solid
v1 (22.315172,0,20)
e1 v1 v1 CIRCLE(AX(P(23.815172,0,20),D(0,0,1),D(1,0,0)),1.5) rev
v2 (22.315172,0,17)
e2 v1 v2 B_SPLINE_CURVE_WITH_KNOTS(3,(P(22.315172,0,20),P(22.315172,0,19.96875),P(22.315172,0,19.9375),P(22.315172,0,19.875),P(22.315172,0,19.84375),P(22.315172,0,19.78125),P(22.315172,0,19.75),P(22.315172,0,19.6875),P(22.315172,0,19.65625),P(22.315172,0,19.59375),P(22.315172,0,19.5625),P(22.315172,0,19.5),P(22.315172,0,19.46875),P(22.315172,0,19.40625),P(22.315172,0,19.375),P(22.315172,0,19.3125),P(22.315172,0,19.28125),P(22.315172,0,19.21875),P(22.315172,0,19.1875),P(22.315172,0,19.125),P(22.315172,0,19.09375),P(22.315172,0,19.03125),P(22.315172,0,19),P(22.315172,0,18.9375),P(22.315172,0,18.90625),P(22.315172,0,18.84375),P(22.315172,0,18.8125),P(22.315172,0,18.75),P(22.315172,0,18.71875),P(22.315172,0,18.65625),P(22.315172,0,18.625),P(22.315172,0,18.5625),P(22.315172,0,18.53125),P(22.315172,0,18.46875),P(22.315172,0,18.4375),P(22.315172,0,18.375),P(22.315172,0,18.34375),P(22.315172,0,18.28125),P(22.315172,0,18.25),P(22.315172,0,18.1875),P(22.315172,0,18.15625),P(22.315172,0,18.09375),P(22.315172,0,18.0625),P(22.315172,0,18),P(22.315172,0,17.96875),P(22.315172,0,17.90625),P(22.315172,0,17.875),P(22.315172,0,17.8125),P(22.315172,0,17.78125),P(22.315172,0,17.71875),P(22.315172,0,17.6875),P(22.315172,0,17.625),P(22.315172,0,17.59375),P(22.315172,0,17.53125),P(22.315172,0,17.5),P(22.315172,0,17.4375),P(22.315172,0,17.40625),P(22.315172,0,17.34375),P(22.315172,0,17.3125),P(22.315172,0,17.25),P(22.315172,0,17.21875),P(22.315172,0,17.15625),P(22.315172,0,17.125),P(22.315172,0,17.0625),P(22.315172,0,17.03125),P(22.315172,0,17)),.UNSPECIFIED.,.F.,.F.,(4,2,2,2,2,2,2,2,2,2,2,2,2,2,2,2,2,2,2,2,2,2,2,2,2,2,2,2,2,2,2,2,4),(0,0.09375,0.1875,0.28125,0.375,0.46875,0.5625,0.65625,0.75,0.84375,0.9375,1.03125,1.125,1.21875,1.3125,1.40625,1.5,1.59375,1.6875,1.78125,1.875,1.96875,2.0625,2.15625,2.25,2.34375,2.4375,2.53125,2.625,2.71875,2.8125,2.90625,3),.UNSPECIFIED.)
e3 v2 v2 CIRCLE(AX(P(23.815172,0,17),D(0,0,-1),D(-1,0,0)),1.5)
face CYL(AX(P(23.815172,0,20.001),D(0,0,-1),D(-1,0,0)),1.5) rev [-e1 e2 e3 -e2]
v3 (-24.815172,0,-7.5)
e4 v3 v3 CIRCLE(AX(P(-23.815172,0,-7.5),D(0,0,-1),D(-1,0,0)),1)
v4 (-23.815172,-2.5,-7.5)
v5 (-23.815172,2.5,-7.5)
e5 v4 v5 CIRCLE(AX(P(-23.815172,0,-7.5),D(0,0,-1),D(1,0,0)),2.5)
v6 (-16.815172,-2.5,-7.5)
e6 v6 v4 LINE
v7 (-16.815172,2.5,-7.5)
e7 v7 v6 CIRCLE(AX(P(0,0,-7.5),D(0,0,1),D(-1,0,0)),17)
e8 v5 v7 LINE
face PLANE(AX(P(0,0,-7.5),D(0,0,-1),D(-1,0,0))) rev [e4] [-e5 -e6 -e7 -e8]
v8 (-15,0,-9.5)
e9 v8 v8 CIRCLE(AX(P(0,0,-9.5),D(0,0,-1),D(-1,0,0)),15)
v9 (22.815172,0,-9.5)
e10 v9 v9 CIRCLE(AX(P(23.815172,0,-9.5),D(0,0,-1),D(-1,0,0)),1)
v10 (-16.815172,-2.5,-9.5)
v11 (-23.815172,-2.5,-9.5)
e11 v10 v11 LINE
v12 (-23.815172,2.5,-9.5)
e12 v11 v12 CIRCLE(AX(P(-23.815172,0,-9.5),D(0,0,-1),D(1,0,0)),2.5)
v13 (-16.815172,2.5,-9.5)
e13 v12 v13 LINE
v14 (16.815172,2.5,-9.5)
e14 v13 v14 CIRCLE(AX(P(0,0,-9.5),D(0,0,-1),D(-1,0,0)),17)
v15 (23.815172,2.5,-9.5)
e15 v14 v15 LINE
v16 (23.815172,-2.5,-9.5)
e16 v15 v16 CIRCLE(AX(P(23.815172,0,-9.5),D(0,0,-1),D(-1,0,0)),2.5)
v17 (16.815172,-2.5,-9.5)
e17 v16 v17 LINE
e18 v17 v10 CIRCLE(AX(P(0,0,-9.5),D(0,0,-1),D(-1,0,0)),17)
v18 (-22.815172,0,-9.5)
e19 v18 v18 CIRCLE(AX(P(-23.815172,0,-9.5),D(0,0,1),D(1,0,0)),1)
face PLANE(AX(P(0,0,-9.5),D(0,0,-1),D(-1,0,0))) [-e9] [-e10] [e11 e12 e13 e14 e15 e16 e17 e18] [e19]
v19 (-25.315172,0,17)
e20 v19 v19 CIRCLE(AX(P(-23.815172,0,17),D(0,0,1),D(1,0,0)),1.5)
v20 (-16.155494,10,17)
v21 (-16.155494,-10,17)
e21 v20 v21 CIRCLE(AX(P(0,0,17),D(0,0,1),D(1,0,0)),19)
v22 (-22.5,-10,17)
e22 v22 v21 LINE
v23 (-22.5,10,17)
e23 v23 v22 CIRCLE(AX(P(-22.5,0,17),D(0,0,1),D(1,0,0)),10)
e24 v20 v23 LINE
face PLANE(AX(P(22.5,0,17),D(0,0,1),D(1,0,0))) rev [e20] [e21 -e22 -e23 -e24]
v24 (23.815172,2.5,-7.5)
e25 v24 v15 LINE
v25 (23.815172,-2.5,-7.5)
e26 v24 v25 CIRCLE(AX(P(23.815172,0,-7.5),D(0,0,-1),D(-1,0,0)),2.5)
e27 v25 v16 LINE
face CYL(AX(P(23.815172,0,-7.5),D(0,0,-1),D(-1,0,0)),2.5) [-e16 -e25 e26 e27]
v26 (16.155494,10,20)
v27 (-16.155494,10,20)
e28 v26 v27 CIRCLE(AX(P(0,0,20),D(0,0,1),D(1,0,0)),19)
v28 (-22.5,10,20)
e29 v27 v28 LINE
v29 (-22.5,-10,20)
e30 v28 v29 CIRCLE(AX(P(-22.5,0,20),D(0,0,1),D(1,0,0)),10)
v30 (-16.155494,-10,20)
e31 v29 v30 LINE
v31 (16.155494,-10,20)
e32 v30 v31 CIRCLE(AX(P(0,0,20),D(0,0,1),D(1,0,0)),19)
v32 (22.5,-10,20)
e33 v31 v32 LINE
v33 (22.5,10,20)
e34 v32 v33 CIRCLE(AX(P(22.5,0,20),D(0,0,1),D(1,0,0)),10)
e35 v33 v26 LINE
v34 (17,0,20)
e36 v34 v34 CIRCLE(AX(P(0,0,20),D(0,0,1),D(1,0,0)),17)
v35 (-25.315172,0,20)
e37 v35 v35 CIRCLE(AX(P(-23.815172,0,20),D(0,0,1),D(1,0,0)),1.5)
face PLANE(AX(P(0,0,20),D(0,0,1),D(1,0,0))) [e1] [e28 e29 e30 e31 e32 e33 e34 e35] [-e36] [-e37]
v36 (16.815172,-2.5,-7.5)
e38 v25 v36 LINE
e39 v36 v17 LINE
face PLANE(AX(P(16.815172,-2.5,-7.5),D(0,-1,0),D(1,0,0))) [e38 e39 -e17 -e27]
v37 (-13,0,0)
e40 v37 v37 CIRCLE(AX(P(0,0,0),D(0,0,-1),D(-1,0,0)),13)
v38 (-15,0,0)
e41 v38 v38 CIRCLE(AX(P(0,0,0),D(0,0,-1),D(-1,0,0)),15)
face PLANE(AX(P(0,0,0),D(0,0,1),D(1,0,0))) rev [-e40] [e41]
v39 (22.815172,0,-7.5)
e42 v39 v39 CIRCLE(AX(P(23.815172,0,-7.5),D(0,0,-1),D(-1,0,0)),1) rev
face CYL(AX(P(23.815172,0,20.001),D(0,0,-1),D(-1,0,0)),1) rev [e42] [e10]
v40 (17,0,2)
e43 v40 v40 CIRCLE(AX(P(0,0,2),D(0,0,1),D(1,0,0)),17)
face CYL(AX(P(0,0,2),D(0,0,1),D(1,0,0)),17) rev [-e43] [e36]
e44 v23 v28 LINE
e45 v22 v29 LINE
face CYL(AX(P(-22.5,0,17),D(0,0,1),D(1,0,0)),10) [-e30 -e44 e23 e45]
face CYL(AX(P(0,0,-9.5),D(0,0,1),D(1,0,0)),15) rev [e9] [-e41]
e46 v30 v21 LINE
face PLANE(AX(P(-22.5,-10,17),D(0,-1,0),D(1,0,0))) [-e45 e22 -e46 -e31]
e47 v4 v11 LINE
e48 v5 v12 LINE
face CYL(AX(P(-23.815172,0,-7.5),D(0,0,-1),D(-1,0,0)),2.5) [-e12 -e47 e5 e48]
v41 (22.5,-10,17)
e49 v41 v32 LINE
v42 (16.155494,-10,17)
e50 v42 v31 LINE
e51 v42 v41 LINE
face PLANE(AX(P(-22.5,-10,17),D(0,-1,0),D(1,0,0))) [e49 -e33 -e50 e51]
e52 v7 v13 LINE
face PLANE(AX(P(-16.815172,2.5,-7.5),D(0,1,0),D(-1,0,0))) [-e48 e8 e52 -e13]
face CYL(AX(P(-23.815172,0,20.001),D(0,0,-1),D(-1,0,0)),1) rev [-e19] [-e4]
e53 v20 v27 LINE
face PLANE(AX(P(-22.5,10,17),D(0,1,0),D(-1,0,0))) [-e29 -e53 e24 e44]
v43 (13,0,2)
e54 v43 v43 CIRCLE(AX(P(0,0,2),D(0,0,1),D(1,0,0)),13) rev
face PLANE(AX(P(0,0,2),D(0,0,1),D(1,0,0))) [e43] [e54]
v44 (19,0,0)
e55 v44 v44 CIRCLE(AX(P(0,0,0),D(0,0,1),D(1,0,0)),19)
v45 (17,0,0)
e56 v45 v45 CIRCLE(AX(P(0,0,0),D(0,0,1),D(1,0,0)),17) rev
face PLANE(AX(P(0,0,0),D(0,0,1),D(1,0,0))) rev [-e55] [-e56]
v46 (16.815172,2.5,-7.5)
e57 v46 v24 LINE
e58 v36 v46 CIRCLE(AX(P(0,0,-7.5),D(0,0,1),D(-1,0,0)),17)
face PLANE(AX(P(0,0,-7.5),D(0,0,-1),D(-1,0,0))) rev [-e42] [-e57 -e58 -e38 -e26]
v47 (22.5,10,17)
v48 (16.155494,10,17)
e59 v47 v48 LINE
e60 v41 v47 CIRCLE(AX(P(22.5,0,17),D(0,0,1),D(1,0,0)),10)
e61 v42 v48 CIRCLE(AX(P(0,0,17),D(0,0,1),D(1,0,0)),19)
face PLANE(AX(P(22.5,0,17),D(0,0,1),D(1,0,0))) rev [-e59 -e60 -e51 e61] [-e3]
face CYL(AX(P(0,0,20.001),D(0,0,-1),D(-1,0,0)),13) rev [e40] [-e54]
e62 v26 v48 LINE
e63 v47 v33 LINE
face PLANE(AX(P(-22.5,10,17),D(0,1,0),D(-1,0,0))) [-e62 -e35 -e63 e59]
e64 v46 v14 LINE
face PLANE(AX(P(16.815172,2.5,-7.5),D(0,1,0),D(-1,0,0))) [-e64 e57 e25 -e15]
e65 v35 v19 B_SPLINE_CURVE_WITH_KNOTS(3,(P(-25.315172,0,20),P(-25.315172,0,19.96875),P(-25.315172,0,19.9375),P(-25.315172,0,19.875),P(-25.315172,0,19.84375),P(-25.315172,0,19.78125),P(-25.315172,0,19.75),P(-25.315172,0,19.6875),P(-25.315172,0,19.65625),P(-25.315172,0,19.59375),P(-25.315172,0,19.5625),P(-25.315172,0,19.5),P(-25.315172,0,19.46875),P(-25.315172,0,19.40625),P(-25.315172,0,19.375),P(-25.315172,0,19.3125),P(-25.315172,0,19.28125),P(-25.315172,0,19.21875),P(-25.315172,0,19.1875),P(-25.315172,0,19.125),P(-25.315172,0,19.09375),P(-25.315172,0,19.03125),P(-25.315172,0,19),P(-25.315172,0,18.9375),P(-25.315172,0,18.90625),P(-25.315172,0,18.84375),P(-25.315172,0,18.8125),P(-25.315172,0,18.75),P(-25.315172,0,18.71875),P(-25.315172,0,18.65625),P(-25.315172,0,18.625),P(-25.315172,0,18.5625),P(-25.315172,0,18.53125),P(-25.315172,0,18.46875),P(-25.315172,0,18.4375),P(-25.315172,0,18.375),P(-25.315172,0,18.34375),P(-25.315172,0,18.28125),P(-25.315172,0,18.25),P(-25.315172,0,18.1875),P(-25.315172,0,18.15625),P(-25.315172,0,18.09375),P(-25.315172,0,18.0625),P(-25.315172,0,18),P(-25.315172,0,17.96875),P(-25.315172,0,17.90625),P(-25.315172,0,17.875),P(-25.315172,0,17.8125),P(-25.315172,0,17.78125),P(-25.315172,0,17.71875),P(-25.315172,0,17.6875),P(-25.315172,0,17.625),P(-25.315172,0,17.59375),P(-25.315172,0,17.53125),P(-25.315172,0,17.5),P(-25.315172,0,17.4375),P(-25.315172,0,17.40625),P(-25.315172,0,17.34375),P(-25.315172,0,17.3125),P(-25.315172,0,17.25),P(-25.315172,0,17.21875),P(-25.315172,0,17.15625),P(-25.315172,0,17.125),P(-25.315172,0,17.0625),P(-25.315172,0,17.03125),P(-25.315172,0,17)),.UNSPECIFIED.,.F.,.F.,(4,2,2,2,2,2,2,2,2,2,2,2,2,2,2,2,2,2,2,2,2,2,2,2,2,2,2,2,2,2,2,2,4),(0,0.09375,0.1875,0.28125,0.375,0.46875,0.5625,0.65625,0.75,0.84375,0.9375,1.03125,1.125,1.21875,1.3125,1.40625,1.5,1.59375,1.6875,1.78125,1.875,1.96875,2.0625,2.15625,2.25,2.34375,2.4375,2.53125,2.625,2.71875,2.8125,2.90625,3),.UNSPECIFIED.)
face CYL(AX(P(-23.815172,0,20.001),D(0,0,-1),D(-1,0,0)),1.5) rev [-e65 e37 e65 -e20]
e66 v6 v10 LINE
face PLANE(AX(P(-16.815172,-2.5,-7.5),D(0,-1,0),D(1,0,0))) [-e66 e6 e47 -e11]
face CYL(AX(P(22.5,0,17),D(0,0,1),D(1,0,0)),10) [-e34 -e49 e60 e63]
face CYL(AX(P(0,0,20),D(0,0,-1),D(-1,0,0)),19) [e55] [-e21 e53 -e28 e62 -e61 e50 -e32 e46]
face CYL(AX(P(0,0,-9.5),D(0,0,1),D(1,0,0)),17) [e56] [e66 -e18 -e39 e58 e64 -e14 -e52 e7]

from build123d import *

# Parameters (mm, degrees)
SKETCH_1_R          = 19
EXTRUDE_1_DEPTH     = 20
EXTRUDE_2_DEPTH     = 3
SKETCH_6_R          = 17
CUT_EXTRUDE_1_DEPTH = 18
SKETCH_7_R          = 17
SKETCH_7_R_2        = 15
EXTRUDE_3_DEPTH     = 9.5
CUT_EXTRUDE_2_REACH = 44.629
SKETCH_8_R          = 13
EXTRUDE_START       = -2
EXTRUDE_4_DEPTH     = 2
CUT_EXTRUDE_3_REACH = 49.828
SKETCH_14_R         = 1
CUT_EXTRUDE_4_REACH = 48.038
SKETCH_15_R         = 1.5


with BuildPart() as part:
    # 草图1 → 凸台-拉伸1 (new body)
    with BuildSketch(Plane.XY):
        Circle(SKETCH_1_R)
    extrude(amount=EXTRUDE_1_DEPTH)

    # 草图3 → 凸台-拉伸2 (add)
    with BuildSketch(Plane.XY.offset(20)):
        with BuildLine():
            Line((-22.5, 10), (22.5, 10))
            ThreePointArc((22.5, 10), (32.5, 0), (22.5, -10))
            Line((22.5, -10), (-22.5, -10))
            ThreePointArc((-22.5, -10), (-32.5, 0), (-22.5, 10))
        make_face()
    extrude(amount=-EXTRUDE_2_DEPTH)

    # 草图6 → 切除-拉伸1 (cut)
    with BuildSketch(Plane.XY.offset(20)):
        Circle(SKETCH_6_R)
    extrude(amount=-CUT_EXTRUDE_1_DEPTH, mode=Mode.SUBTRACT)

    # 草图7 → 凸台-拉伸3 (add)
    with BuildSketch(Plane(origin=(0, 0, 0), x_dir=(-1, 0, 0), z_dir=(0, 0, -1))):
        with Locations(Location((0, 0, 0), (0, 0, 180))):
            Circle(SKETCH_7_R)
        Circle(SKETCH_7_R_2, mode=Mode.SUBTRACT)
    extrude(amount=EXTRUDE_3_DEPTH)

    # 草图8 → 切除-拉伸2 (cut, up to next)
    with BuildSketch(Plane(origin=(0, 0, 0), x_dir=(-1, 0, 0), z_dir=(0, 0, -1)), mode=Mode.PRIVATE) as cut_extrude_2_sk1:
        Circle(SKETCH_8_R)
    cut_extrude_2_tool1 = extrude(cut_extrude_2_sk1.sketch, amount=-CUT_EXTRUDE_2_REACH, mode=Mode.PRIVATE) & part.part
    add(cut_extrude_2_tool1.solids().sort_by_distance((0, 0, 0))[0], mode=Mode.SUBTRACT)

    # 草图10 → 凸台-拉伸4 (add)
    with BuildSketch(Plane(origin=(0, 0, -9.5), x_dir=(-1, 0, 0), z_dir=(0, 0, -1)).offset(EXTRUDE_START)):
        with BuildLine():
            Line((-16.815171721, 2.5), (-23.815171721, 2.5))
            ThreePointArc((-23.815171721, 2.5), (-26.315171721, 0), (-23.815171721, -2.5))
            Line((-23.815171721, -2.5), (-16.815171721, -2.5))
            ThreePointArc((-16.815171721, -2.5), (-17, 0), (-16.815171721, 2.5))
        make_face()
        with BuildLine():
            Line((16.815171721, 2.5), (23.815171721, 2.5))
            ThreePointArc((23.815171721, 2.5), (26.315171721, 0), (23.815171721, -2.5))
            Line((23.815171721, -2.5), (16.815171721, -2.5))
            ThreePointArc((16.815171721, -2.5), (17, 0), (16.815171721, 2.5))
        make_face()
    extrude(amount=EXTRUDE_4_DEPTH)

    # 草图14 → 切除-拉伸3 (cut, up to next)
    with BuildSketch(Plane(origin=(0, 0, -9.5), x_dir=(-1, 0, 0), z_dir=(0, 0, -1)), mode=Mode.PRIVATE) as cut_extrude_3_sk1:
        with Locations((-23.815171721, 0)):
            Circle(SKETCH_14_R)
    cut_extrude_3_tool1 = extrude(cut_extrude_3_sk1.sketch, amount=-CUT_EXTRUDE_3_REACH, mode=Mode.PRIVATE) & part.part
    cut_extrude_3 = cut_extrude_3_tool1.solids().sort_by_distance((23.815172, 0, -9.5))[0]
    add(cut_extrude_3, mode=Mode.SUBTRACT)

    # 草图15 → 切除-拉伸4 (cut, up to next)
    with BuildSketch(Plane(origin=(0, 0, 17), x_dir=(-1, 0, 0), z_dir=(0, 0, -1)), mode=Mode.PRIVATE) as cut_extrude_4_sk1:
        with Locations((-23.815171721, 0)):
            Circle(SKETCH_15_R)
    cut_extrude_4_tool1 = extrude(cut_extrude_4_sk1.sketch, amount=-CUT_EXTRUDE_4_REACH, mode=Mode.PRIVATE) & part.part
    cut_extrude_4 = cut_extrude_4_tool1.solids().sort_by_distance((23.815172, 0, 17))[0]
    add(cut_extrude_4, mode=Mode.SUBTRACT)

    # 镜向1: 切除-拉伸3, 切除-拉伸4 across plane
    add(cut_extrude_3.mirror(Plane(origin=(0, 0, 0), x_dir=(0, 0, 1), z_dir=(1, 0, 0))), mode=Mode.SUBTRACT)
    add(cut_extrude_4.mirror(Plane(origin=(0, 0, 0), x_dir=(0, 0, 1), z_dir=(1, 0, 0))), mode=Mode.SUBTRACT)


solid = part.part
